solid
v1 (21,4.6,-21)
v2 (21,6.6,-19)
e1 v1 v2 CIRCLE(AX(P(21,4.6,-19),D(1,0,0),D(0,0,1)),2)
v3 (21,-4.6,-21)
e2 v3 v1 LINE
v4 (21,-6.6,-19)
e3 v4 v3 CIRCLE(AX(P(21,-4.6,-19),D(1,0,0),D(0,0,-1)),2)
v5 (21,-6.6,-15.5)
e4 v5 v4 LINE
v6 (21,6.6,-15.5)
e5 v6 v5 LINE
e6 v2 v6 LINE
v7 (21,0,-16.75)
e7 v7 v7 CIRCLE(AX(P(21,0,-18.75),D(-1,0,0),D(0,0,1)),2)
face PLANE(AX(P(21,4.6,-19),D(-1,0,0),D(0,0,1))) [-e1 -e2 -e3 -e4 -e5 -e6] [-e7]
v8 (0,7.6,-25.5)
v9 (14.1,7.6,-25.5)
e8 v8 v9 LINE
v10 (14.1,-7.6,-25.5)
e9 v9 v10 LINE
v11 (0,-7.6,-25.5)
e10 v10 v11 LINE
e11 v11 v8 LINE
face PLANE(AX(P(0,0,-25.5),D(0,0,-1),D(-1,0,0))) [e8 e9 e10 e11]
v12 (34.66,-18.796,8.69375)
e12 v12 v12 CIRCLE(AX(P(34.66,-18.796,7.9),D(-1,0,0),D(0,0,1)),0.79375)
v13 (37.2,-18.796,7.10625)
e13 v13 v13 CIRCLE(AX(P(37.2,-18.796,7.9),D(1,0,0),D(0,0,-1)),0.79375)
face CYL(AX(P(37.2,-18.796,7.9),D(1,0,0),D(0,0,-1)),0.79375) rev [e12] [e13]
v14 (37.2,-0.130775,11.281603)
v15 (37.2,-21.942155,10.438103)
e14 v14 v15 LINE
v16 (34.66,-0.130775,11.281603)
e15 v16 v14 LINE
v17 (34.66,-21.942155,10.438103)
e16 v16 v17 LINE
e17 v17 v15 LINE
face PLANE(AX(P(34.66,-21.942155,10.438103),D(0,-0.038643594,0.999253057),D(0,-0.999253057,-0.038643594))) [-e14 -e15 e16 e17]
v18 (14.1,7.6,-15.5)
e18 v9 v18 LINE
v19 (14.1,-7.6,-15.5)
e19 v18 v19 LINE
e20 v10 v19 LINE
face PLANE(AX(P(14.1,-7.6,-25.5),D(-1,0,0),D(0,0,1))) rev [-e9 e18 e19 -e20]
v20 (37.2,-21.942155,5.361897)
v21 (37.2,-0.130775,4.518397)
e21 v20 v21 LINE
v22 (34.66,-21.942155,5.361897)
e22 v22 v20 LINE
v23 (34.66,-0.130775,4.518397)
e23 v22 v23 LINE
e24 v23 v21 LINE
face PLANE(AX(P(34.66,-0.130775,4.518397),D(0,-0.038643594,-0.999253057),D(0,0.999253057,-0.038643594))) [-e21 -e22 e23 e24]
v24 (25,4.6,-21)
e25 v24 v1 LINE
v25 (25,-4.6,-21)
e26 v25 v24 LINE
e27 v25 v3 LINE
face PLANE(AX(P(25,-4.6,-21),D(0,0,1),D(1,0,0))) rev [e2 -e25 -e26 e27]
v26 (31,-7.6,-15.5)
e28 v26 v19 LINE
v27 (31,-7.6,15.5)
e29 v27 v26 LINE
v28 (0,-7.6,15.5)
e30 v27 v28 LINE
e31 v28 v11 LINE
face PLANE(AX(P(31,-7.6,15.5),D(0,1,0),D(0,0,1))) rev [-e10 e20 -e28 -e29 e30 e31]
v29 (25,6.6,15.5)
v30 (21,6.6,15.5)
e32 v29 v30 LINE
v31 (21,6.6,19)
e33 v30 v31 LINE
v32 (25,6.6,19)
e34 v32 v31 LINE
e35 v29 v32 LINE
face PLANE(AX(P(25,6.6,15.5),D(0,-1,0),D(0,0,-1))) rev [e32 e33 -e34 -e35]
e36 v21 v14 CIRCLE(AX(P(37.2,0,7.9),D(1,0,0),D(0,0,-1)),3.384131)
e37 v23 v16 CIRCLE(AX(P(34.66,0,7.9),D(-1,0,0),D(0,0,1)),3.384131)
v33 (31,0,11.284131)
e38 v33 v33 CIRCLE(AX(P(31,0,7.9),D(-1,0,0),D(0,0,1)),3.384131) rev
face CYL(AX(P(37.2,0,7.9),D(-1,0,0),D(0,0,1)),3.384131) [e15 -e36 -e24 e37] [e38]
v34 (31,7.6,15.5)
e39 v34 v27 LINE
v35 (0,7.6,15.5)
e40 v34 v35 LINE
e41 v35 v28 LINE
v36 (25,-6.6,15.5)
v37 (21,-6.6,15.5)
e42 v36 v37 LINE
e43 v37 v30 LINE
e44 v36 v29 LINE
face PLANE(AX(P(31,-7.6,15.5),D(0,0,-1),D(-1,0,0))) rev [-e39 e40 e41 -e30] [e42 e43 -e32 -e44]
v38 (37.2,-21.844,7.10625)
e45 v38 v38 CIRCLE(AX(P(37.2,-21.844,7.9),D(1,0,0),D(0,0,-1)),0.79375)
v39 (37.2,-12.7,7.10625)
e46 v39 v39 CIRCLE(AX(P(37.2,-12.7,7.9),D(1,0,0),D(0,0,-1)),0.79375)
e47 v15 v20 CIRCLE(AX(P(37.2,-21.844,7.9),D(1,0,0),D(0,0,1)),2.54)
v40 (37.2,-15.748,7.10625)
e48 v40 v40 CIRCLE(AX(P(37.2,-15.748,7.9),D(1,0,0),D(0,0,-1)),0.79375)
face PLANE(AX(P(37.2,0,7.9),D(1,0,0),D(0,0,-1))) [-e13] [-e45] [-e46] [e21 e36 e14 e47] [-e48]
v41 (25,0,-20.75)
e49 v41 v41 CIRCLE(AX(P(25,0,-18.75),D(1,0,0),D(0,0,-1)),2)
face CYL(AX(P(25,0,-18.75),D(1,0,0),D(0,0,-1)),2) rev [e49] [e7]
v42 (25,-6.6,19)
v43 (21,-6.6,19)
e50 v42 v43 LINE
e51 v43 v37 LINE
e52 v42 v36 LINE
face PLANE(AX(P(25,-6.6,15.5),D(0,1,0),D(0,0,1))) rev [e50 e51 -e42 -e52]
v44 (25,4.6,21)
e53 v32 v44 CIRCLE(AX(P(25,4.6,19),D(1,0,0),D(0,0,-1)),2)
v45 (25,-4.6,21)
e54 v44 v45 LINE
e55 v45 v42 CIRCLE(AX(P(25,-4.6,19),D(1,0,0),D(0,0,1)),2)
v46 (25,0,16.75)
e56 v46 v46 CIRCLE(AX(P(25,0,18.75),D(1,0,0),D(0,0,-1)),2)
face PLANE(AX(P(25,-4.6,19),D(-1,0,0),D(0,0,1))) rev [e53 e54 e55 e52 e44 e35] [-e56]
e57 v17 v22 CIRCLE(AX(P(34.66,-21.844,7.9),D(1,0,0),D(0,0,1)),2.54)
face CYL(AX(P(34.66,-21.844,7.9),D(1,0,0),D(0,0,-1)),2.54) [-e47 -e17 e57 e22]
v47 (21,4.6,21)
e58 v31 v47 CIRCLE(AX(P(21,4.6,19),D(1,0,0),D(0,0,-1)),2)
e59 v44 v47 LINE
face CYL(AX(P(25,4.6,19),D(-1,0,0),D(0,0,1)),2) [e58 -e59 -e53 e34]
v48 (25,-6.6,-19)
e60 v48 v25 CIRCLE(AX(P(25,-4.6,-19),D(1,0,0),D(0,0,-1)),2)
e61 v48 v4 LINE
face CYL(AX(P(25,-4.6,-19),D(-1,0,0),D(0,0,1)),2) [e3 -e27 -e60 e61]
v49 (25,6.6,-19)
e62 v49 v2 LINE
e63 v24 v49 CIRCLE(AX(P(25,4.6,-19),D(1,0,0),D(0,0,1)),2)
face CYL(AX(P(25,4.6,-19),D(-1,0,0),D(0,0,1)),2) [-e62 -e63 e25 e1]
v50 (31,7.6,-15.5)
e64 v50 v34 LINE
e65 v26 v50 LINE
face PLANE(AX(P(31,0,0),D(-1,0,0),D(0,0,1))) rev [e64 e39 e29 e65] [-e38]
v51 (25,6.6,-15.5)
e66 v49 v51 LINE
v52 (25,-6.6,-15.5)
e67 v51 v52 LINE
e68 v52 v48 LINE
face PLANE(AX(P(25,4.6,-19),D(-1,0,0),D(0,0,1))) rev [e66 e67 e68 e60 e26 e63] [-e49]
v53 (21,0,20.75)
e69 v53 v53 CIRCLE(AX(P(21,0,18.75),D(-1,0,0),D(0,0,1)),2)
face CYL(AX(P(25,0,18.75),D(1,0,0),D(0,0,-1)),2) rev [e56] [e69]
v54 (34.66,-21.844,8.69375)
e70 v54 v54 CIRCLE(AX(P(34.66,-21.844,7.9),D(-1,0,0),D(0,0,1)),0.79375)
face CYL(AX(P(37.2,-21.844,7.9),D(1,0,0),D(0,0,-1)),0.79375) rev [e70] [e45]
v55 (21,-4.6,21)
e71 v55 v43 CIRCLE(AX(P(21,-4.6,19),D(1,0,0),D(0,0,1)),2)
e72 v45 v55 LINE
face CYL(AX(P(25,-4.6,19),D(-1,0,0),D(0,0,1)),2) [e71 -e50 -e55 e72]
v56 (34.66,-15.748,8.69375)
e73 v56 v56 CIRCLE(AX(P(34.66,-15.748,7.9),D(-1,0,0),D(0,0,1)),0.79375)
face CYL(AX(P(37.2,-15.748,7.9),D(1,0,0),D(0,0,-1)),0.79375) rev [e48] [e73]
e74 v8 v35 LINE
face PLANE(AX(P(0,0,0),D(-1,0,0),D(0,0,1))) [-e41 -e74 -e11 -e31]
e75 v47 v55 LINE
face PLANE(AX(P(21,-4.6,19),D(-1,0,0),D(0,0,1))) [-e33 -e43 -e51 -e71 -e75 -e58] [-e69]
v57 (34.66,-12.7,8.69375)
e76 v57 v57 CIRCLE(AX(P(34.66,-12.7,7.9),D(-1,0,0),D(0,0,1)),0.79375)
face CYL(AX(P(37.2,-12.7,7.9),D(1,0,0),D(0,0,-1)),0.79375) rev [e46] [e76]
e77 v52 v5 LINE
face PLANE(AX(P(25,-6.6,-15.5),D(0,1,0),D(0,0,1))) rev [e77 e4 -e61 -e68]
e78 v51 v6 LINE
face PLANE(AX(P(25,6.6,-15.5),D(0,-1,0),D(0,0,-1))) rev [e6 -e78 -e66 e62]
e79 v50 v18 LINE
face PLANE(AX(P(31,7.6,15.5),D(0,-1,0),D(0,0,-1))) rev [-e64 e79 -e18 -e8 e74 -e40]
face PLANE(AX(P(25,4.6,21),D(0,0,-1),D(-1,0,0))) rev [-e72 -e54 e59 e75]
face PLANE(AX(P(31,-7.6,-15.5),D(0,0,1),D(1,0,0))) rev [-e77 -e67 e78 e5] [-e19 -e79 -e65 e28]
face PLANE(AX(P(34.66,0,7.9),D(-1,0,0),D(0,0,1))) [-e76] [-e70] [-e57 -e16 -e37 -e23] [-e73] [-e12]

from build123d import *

# Parameters (mm, degrees)
SKETCH1_W                          = 31
SKETCH1_H                          = 15.2
BOSS_EXTRUDE1_DEPTH                = 31
BOSS_EXTRUDE2_START                = 21
BOSS_EXTRUDE2_DEPTH                = 4
F_4_0MM_DOWEL_HOLE1_D              = 4
F_4_0MM_DOWEL_HOLE1_DEPTH          = 10.668
F_4_0MM_DOWEL_HOLE1_TIP            = 1.201721238
SKETCH6_R                          = 3.38413067
BOSS_EXTRUDE3_DEPTH                = 6.2
BOSS_EXTRUDE4_DEPTH                = 2.54
F_1_16_0_0625_DIAMETER_HOLE1_D     = 1.5875
F_1_16_0_0625_DIAMETER_HOLE1_DEPTH = 2.54
SKETCH12_W                         = 14.1
SKETCH12_H                         = 15.2
BOSS_EXTRUDE5_DEPTH                = 10


with BuildPart() as part:
    # Sketch1 → Boss-Extrude1 (new body)
    with BuildSketch(Plane(origin=(0, 0, 0), x_dir=(0, 0, -1), z_dir=(1, 0, 0))):
        Rectangle(SKETCH1_W, SKETCH1_H)
    extrude(amount=BOSS_EXTRUDE1_DEPTH)

    # Sketch2 → Boss-Extrude2 (add)
    with BuildSketch(Plane(origin=(0, 0, 0), x_dir=(0, 0, -1), z_dir=(1, 0, 0)).offset(BOSS_EXTRUDE2_START)):
        with BuildLine():
            Line((-15.5, 6.6), (-19, 6.6))
            ThreePointArc((-19, 6.6), (-20.414213562, 6.014213562), (-21, 4.6))
            Line((-21, 4.6), (-21, -4.6))
            ThreePointArc((-21, -4.6), (-20.414213562, -6.014213562), (-19, -6.6))
            Line((-19, -6.6), (-15.5, -6.6))
            Line((-15.5, -6.6), (-15.5, 6.6))
        make_face()
        with BuildLine():
            Line((15.5, -6.6), (19, -6.6))
            ThreePointArc((19, -6.6), (20.414213562, -6.014213562), (21, -4.6))
            Line((21, -4.6), (21, 4.6))
            ThreePointArc((21, 4.6), (20.414213562, 6.014213562), (19, 6.6))
            Line((19, 6.6), (15.5, 6.6))
            Line((15.5, 6.6), (15.5, -6.6))
        make_face()
    extrude(amount=BOSS_EXTRUDE2_DEPTH)

    # Ø4.0mm Dowel Hole1
    with Locations(Plane(origin=(25, 0, 0), x_dir=(0, 0, -1), z_dir=(1, 0, 0))):
        with Locations((-18.75, 0), (18.75, 0)):
            Hole(F_4_0MM_DOWEL_HOLE1_D / 2, depth=F_4_0MM_DOWEL_HOLE1_DEPTH)
            with Locations((0, 0, -(F_4_0MM_DOWEL_HOLE1_DEPTH + F_4_0MM_DOWEL_HOLE1_TIP / 2))):  # 118° drill point
                Cone(0, F_4_0MM_DOWEL_HOLE1_D / 2, F_4_0MM_DOWEL_HOLE1_TIP, mode=Mode.SUBTRACT)

    # Sketch6 → Boss-Extrude3 (add)
    with BuildSketch(Plane(origin=(31, 0, 0), x_dir=(0, 0, -1), z_dir=(1, 0, 0))):
        with Locations((-7.9, 0)):
            Circle(SKETCH6_R)
    extrude(amount=BOSS_EXTRUDE3_DEPTH)

    # Sketch7 → Boss-Extrude4 (add)
    with BuildSketch(Plane(origin=(37.2, 0, 0), x_dir=(0, 0, -1), z_dir=(1, 0, 0))):
        with BuildLine():
            Line((-4.518397081, -0.130774972), (-5.361897234, -21.942154729))
            ThreePointArc((-5.361897234, -21.942154729), (-7.9, -24.384), (-10.438102766, -21.942154729))
            Line((-10.438102766, -21.942154729), (-11.281602919, -0.130774972))
            ThreePointArc((-11.281602919, -0.130774972), (-7.9, 3.38413067), (-4.518397081, -0.130774972))
        make_face()
    extrude(amount=-BOSS_EXTRUDE4_DEPTH)

    # 1/16 (0.0625) Diameter Hole1
    with Locations(Plane(origin=(37.2, 0, 0), x_dir=(0, 0, -1), z_dir=(1, 0, 0))):
        with Locations((-7.9, -12.7), (-7.9, -15.748), (-7.9, -18.796), (-7.9, -21.844)):
            Hole(F_1_16_0_0625_DIAMETER_HOLE1_D / 2, depth=F_1_16_0_0625_DIAMETER_HOLE1_DEPTH)

    # Sketch12 → Boss-Extrude5 (add)
    with BuildSketch(Plane(origin=(0, 0, -15.5), x_dir=(-1, 0, 0), z_dir=(0, 0, -1))):
        with Locations((-7.05, 0)):
            Rectangle(SKETCH12_W, SKETCH12_H)
    extrude(amount=BOSS_EXTRUDE5_DEPTH)


solid = part.part
